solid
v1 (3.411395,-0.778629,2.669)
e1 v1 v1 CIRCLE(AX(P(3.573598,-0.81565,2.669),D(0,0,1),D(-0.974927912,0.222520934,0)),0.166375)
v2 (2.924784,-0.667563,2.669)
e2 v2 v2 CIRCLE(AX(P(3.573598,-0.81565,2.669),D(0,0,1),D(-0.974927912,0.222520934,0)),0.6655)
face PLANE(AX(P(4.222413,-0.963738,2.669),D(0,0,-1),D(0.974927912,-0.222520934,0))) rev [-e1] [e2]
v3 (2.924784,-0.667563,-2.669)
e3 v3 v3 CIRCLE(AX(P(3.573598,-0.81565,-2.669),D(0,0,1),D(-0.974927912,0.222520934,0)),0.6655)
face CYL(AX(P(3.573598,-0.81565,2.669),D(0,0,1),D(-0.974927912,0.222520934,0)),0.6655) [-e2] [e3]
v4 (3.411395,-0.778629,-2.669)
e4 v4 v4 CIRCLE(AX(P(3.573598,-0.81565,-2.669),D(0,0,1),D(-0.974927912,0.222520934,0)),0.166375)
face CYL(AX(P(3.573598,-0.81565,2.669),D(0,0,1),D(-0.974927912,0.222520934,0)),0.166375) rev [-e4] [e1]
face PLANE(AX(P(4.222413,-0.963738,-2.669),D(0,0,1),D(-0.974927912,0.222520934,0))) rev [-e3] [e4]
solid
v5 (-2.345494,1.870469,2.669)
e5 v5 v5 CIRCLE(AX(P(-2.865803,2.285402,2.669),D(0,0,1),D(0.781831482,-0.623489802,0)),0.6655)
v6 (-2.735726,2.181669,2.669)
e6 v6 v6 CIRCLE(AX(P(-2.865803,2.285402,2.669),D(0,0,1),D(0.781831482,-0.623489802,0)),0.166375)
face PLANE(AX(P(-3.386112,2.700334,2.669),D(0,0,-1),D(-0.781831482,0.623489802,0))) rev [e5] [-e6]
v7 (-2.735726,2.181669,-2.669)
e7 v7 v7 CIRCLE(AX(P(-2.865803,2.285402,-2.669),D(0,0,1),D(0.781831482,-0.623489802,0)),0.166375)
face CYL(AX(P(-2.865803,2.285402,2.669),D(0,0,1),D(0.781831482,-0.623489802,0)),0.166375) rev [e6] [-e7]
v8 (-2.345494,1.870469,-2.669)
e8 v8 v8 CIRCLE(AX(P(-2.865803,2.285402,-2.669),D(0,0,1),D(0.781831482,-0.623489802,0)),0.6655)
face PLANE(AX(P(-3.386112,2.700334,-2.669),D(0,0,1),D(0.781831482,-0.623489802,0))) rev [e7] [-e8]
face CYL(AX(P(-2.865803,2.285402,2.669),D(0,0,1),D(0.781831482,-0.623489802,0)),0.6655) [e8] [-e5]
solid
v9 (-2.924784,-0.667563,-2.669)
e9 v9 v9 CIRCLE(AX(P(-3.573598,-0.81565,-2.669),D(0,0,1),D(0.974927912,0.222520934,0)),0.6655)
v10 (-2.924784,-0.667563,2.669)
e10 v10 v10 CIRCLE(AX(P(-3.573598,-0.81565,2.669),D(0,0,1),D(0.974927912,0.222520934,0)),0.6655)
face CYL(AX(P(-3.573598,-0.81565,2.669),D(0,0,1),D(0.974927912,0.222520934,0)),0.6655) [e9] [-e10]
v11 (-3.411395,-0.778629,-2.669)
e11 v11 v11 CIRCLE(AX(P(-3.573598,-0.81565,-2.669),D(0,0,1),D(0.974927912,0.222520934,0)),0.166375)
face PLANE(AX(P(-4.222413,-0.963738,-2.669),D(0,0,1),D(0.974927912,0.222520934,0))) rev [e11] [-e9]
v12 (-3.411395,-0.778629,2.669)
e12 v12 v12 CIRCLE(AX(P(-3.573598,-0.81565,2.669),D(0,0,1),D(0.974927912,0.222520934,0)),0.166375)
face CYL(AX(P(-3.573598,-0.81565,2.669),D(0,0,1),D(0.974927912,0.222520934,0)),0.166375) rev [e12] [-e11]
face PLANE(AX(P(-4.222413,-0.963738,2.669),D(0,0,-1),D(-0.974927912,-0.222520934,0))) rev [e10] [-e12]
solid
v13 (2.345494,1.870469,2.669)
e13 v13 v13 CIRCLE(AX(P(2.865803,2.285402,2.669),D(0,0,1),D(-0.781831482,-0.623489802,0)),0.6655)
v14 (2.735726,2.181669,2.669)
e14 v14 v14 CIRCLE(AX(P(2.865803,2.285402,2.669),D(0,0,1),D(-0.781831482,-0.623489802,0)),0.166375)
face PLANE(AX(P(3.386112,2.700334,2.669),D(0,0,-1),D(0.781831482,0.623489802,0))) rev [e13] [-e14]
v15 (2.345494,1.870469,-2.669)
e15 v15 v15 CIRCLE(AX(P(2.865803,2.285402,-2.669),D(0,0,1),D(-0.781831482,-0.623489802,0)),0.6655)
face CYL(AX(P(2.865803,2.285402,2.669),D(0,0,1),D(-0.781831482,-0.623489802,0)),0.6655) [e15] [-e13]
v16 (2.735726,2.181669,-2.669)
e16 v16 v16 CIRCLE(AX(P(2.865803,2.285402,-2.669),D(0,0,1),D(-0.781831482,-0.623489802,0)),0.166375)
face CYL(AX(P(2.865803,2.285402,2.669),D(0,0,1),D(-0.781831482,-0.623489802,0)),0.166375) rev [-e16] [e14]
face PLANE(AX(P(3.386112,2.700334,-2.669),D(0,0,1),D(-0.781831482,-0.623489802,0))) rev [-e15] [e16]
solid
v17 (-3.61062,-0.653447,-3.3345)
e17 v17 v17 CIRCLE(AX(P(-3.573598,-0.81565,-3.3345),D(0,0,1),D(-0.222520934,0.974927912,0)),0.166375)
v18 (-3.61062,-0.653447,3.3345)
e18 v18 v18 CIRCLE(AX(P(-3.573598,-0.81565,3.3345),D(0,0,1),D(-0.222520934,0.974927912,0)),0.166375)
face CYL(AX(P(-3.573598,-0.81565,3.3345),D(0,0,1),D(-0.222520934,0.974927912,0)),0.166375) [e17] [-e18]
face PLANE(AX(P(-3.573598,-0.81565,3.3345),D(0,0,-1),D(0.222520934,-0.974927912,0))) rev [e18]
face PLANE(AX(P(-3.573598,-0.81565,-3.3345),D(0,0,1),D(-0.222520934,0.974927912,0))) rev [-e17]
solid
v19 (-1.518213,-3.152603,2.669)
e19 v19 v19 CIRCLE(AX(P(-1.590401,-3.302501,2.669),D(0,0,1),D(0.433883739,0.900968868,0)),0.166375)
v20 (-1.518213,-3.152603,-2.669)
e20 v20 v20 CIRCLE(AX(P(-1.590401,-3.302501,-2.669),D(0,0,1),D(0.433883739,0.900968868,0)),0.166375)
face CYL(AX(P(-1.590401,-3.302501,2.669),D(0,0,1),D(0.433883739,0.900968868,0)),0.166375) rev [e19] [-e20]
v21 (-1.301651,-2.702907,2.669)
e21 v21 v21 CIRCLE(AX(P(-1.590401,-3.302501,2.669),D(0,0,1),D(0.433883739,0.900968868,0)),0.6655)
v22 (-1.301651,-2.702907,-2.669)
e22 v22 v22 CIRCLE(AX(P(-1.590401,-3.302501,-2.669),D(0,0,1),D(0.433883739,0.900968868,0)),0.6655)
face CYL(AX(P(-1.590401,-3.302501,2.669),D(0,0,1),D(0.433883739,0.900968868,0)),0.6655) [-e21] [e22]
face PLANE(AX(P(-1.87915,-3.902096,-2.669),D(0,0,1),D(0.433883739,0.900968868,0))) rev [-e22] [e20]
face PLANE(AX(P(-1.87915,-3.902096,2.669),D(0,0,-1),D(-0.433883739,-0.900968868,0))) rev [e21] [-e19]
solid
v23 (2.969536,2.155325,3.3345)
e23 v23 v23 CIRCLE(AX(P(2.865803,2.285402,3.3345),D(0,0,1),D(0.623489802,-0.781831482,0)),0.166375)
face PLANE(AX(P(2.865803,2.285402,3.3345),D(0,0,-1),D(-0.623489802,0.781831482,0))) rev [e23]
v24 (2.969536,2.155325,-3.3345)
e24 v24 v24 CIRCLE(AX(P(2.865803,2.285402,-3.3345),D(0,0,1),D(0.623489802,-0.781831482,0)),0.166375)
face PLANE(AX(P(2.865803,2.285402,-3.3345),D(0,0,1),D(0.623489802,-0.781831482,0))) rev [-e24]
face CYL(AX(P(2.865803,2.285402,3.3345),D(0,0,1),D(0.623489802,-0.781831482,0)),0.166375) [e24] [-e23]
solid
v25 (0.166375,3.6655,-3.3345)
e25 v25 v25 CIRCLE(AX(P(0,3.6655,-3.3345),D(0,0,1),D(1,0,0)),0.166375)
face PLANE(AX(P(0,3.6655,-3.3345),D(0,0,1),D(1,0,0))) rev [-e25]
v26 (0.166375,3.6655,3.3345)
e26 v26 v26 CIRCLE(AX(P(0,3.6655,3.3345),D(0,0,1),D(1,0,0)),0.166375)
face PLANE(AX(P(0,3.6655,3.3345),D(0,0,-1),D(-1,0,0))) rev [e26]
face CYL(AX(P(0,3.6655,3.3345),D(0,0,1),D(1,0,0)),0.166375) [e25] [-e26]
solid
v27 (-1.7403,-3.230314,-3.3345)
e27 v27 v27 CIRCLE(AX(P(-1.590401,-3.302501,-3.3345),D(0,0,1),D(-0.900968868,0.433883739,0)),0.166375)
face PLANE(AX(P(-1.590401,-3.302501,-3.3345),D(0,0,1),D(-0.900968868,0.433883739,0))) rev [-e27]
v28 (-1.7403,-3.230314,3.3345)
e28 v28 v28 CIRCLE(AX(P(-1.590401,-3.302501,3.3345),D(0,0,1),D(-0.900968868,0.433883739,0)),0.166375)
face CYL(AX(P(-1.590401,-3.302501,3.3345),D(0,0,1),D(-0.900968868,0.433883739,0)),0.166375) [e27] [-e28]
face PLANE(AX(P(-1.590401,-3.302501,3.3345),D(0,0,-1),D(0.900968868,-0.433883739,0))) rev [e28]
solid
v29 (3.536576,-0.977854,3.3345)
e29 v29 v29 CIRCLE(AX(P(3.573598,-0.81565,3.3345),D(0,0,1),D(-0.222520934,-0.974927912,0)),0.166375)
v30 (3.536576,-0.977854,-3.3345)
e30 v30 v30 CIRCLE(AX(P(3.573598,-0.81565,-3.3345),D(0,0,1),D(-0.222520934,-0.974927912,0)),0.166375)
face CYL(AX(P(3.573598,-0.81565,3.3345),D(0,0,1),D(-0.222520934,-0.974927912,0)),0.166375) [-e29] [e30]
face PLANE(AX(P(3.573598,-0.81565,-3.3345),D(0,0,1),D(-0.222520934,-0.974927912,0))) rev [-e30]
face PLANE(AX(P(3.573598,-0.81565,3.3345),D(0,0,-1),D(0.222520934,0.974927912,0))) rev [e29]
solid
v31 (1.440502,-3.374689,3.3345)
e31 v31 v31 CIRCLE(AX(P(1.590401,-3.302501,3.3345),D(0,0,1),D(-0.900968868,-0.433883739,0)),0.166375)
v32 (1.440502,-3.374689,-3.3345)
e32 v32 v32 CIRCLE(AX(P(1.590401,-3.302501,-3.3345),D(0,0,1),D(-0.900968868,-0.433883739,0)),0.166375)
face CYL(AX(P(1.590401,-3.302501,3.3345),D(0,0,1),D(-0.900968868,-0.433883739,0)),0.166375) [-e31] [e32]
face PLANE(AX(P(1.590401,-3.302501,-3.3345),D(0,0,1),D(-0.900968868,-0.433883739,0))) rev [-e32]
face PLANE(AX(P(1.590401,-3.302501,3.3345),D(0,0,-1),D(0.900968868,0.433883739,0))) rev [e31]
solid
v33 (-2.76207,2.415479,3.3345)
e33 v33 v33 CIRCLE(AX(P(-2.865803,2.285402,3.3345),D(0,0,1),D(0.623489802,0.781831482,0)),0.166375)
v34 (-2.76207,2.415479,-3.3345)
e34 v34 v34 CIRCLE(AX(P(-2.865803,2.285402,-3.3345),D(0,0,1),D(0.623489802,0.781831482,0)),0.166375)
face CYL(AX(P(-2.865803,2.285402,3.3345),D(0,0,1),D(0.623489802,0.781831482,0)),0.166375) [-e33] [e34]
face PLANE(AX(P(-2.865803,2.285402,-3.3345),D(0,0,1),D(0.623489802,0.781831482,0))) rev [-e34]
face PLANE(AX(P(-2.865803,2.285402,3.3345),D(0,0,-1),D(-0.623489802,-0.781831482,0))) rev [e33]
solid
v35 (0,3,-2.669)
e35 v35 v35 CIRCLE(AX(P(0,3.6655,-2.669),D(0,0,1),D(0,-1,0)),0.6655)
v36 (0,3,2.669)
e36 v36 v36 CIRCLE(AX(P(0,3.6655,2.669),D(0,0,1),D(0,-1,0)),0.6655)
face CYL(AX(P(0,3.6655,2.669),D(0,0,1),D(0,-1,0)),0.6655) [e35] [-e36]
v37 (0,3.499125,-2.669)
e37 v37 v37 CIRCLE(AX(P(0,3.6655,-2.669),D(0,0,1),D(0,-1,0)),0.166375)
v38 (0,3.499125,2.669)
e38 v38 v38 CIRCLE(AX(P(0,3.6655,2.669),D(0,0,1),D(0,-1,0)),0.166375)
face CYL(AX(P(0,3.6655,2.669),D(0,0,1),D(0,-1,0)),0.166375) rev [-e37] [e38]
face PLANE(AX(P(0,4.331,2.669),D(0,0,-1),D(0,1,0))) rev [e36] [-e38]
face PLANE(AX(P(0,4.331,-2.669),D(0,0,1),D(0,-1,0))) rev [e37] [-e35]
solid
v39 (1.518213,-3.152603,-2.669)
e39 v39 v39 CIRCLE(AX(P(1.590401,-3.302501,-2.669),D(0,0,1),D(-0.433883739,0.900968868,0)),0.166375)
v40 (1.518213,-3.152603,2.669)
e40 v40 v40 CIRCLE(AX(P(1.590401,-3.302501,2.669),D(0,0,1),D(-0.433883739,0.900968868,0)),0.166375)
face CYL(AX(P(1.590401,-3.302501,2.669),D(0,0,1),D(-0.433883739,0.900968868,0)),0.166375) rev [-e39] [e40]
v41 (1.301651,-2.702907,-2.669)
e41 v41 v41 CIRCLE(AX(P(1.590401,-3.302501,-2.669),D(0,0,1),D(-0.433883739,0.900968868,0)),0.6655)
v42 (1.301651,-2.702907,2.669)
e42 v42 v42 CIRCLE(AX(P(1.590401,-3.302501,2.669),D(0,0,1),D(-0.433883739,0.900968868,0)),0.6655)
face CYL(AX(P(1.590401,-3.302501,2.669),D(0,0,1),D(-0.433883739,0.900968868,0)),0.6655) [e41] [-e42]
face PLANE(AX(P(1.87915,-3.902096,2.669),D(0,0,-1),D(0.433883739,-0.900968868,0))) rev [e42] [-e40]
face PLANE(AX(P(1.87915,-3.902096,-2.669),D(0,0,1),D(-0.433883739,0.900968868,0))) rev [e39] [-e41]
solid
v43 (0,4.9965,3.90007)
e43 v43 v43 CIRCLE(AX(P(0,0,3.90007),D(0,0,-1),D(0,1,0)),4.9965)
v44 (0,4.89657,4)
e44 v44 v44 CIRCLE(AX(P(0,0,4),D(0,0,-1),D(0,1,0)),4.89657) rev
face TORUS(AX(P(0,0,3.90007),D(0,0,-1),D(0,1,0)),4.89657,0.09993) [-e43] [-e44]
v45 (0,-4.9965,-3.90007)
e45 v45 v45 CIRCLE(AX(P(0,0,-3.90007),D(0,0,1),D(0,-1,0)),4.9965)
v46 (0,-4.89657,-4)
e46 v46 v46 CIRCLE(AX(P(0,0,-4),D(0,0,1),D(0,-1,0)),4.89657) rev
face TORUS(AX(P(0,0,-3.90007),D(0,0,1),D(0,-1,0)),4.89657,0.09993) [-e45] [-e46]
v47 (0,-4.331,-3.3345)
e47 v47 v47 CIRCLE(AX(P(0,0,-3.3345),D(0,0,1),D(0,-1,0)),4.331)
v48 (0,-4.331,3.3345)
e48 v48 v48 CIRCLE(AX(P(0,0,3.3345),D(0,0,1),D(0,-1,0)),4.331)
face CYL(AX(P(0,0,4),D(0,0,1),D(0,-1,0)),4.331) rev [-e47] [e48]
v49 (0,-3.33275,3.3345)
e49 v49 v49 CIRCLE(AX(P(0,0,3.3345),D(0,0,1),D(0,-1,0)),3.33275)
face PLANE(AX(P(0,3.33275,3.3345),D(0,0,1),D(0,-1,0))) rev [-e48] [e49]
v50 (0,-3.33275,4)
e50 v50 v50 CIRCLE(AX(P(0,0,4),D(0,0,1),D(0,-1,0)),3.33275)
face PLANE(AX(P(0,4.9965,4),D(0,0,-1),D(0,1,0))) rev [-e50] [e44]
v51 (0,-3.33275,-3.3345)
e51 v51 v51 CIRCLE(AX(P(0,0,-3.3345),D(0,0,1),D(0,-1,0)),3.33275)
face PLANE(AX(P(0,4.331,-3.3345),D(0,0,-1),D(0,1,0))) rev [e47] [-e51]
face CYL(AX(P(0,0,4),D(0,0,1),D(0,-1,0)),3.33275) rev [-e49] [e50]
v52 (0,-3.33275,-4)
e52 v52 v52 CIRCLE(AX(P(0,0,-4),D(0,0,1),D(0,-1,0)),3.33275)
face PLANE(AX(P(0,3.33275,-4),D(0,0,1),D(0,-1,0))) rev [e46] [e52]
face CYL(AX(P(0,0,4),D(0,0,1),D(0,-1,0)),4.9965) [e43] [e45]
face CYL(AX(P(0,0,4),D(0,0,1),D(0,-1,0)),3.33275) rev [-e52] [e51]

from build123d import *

# Parameters (mm, degrees)
SKETCH2_W         = 5.338
SKETCH2_H         = 0.499125
SKETCH3_W         = 6.669
SKETCH3_H         = 0.166375
CIRPATTERN1_COUNT = 7
CIRPATTERN1_ANGLE = 308.571428571
FILLET1_R         = 0.09993


with BuildPart() as part:
    # Sketch1 → Revolve1 (revolve)
    with BuildSketch(Plane(origin=(0, 0, 0), x_dir=(0, 0, -1), z_dir=(1, 0, 0))):
        Polygon((-4, 4.9965), (4, 4.9965), (4, 3.33275), (3.3345, 3.33275), (3.3345, 4.331), (-3.3345, 4.331), (-3.3345, 3.33275), (-4, 3.33275), align=None)
    revolve(axis=Axis((0, 0, 4), (0, 0, -1)))

    # Fillet1
    fillet1_edges = [part.edges().sort_by_distance(p)[0] for p in [
        (0, -4.9965, 4),
        (0, -4.9965, -4),
    ]]
    fillet(fillet1_edges, radius=FILLET1_R)


with BuildPart() as body_2:
    # Sketch2 → Revolve2 (revolve)
    with BuildSketch(Plane(origin=(0, 0, 0), x_dir=(0, 0, -1), z_dir=(1, 0, 0))):
        with Locations((0, 4.0814375)):
            Rectangle(SKETCH2_W, SKETCH2_H)
    revolve(axis=Axis((0, 3.6655, 2.669), (0, 0, -1)))


with BuildPart() as body_3:
    # Sketch3 → Revolve3 (revolve)
    with BuildSketch(Plane(origin=(0, 0, 0), x_dir=(0, 0, -1), z_dir=(1, 0, 0))):
        with Locations((0, 3.7486875)):
            Rectangle(SKETCH3_W, SKETCH3_H)
    revolve(axis=Axis((0, 3.6655, 3.3345), (0, 0, -1)))


with BuildPart() as cirpattern1_1:
    # CirPattern1: pattern copy
    add(body_3.part.rotate(Axis((0, 0, -4), (0, 0, 1)), 1 * CIRPATTERN1_ANGLE / (CIRPATTERN1_COUNT - 1)))


with BuildPart() as cirpattern1_2:
    # CirPattern1: pattern copy
    add(body_3.part.rotate(Axis((0, 0, -4), (0, 0, 1)), 2 * CIRPATTERN1_ANGLE / (CIRPATTERN1_COUNT - 1)))


with BuildPart() as cirpattern1_3:
    # CirPattern1: pattern copy
    add(body_3.part.rotate(Axis((0, 0, -4), (0, 0, 1)), 3 * CIRPATTERN1_ANGLE / (CIRPATTERN1_COUNT - 1)))


with BuildPart() as cirpattern1_4:
    # CirPattern1: pattern copy
    add(body_3.part.rotate(Axis((0, 0, -4), (0, 0, 1)), 4 * CIRPATTERN1_ANGLE / (CIRPATTERN1_COUNT - 1)))


with BuildPart() as cirpattern1_5:
    # CirPattern1: pattern copy
    add(body_3.part.rotate(Axis((0, 0, -4), (0, 0, 1)), 5 * CIRPATTERN1_ANGLE / (CIRPATTERN1_COUNT - 1)))


with BuildPart() as cirpattern1_6:
    # CirPattern1: pattern copy
    add(body_3.part.rotate(Axis((0, 0, -4), (0, 0, 1)), 6 * CIRPATTERN1_ANGLE / (CIRPATTERN1_COUNT - 1)))


with BuildPart() as cirpattern1_7:
    # CirPattern1: pattern copy
    add(body_2.part.rotate(Axis((0, 0, -4), (0, 0, 1)), 1 * CIRPATTERN1_ANGLE / (CIRPATTERN1_COUNT - 1)))


with BuildPart() as cirpattern1_8:
    # CirPattern1: pattern copy
    add(body_2.part.rotate(Axis((0, 0, -4), (0, 0, 1)), 2 * CIRPATTERN1_ANGLE / (CIRPATTERN1_COUNT - 1)))


with BuildPart() as cirpattern1_9:
    # CirPattern1: pattern copy
    add(body_2.part.rotate(Axis((0, 0, -4), (0, 0, 1)), 3 * CIRPATTERN1_ANGLE / (CIRPATTERN1_COUNT - 1)))


with BuildPart() as cirpattern1_10:
    # CirPattern1: pattern copy
    add(body_2.part.rotate(Axis((0, 0, -4), (0, 0, 1)), 4 * CIRPATTERN1_ANGLE / (CIRPATTERN1_COUNT - 1)))


with BuildPart() as cirpattern1_11:
    # CirPattern1: pattern copy
    add(body_2.part.rotate(Axis((0, 0, -4), (0, 0, 1)), 5 * CIRPATTERN1_ANGLE / (CIRPATTERN1_COUNT - 1)))


with BuildPart() as cirpattern1_12:
    # CirPattern1: pattern copy
    add(body_2.part.rotate(Axis((0, 0, -4), (0, 0, 1)), 6 * CIRPATTERN1_ANGLE / (CIRPATTERN1_COUNT - 1)))


solid = Compound([part.part, body_2.part, body_3.part, cirpattern1_1.part, cirpattern1_2.part, cirpattern1_3.part, cirpattern1_4.part, cirpattern1_5.part, cirpattern1_6.part, cirpattern1_7.part, cirpattern1_8.part, cirpattern1_9.part, cirpattern1_10.part, cirpattern1_11.part, cirpattern1_12.part])
